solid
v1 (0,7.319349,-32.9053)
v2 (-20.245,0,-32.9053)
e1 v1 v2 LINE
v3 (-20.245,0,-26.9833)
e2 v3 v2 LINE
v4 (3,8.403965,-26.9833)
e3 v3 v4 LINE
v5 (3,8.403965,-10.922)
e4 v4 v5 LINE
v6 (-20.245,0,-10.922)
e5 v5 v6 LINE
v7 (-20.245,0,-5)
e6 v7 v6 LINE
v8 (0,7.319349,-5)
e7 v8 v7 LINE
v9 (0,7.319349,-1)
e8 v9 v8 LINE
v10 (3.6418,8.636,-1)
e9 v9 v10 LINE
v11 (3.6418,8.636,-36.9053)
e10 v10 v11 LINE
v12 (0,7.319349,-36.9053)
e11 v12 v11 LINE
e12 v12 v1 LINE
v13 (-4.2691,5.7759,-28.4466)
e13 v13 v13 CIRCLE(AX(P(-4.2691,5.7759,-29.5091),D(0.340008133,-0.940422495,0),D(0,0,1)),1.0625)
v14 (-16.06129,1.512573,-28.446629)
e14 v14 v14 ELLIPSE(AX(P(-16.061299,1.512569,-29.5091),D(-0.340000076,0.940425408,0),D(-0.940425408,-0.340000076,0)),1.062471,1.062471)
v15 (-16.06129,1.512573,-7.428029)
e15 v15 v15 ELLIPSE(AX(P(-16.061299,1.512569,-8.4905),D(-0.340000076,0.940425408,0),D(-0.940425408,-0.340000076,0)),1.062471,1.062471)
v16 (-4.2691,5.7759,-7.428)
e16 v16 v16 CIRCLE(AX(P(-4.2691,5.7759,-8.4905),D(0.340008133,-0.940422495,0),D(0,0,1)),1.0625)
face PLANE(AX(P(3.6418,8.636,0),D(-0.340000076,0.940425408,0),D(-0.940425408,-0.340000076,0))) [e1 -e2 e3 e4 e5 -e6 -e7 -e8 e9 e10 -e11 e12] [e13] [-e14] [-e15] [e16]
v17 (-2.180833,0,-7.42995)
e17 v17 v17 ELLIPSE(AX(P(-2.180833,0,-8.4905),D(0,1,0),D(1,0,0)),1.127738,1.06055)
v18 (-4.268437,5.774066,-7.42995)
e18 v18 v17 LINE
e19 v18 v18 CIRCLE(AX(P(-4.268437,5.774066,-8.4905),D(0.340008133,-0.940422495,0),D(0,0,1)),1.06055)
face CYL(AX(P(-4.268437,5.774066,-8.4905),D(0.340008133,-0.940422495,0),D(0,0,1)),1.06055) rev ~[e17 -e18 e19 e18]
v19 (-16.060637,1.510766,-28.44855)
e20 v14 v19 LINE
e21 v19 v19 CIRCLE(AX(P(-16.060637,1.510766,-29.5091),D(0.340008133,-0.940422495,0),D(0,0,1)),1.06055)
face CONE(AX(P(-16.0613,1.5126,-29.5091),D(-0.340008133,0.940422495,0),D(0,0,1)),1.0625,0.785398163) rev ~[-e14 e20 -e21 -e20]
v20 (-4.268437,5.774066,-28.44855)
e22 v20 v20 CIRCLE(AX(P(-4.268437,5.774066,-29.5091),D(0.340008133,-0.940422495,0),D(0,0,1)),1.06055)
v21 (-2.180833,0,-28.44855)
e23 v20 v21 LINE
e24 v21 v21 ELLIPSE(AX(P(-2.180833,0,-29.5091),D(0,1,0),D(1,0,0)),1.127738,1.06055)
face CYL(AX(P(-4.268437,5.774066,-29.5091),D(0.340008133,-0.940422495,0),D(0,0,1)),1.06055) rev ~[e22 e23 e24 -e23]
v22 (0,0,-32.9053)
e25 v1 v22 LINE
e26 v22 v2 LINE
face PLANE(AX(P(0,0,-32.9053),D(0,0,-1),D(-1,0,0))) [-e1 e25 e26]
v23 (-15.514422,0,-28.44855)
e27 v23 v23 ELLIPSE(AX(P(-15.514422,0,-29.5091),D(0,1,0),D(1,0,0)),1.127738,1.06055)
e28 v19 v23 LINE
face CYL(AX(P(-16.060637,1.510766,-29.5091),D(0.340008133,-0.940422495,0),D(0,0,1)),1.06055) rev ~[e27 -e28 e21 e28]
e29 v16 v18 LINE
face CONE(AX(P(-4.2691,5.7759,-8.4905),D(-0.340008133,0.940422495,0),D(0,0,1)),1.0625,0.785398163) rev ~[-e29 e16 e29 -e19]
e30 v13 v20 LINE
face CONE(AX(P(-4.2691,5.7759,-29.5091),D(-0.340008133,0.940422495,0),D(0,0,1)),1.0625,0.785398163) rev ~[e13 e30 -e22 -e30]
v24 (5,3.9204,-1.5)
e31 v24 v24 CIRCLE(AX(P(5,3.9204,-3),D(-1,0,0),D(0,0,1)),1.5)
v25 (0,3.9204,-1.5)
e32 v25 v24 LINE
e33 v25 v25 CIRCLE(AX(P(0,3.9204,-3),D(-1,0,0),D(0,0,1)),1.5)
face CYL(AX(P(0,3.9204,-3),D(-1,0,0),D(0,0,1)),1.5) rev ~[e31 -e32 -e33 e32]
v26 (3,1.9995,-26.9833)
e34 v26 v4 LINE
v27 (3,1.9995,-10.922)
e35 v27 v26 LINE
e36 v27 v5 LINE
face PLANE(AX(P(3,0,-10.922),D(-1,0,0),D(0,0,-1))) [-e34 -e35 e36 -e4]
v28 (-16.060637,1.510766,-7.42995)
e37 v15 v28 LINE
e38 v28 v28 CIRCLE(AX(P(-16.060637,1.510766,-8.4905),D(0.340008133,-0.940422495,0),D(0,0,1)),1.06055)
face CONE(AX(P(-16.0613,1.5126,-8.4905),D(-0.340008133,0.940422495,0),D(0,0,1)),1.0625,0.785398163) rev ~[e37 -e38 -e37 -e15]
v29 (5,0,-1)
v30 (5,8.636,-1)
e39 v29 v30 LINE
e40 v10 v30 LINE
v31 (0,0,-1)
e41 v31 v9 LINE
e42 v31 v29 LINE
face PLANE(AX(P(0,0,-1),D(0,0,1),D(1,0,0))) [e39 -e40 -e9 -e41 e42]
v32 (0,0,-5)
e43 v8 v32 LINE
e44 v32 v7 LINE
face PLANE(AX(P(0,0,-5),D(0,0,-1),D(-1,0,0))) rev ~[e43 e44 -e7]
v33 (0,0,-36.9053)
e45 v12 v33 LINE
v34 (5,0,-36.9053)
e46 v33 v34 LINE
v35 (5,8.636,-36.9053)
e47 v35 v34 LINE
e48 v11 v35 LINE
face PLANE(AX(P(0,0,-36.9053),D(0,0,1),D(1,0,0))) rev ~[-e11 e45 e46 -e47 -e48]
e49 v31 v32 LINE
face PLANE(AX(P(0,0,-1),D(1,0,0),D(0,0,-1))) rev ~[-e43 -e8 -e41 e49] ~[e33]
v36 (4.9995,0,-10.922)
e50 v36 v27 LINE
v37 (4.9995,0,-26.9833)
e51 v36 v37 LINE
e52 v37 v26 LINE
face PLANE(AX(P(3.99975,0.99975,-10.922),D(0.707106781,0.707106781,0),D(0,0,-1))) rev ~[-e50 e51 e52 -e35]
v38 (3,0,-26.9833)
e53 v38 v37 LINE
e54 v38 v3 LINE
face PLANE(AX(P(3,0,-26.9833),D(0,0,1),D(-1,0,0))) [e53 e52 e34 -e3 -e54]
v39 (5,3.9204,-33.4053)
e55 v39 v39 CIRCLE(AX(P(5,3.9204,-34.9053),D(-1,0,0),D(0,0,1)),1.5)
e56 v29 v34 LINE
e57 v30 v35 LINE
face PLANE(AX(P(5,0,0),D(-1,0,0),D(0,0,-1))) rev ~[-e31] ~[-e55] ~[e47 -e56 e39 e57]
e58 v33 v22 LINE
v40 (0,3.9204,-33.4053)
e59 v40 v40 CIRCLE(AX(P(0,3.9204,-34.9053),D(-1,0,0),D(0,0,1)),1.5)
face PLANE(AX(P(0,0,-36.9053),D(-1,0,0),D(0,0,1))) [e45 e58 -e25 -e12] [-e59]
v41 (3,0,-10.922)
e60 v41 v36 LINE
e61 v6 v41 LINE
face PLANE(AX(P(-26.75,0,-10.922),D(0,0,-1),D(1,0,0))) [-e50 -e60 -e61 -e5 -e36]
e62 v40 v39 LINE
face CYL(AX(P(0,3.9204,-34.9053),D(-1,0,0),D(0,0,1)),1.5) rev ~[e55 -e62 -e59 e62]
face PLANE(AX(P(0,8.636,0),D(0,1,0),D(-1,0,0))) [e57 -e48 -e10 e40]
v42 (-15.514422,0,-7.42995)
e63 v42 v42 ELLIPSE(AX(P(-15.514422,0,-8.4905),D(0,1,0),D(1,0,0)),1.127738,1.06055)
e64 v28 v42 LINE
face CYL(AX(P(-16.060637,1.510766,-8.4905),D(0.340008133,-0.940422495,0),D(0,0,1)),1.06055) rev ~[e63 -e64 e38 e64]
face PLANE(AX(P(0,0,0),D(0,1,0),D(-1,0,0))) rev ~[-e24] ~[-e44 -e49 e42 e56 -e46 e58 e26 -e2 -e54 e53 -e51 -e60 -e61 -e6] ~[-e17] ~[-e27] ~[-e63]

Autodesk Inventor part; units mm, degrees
ref_plane "YZ Plane" through (0, 0, 0) normal (1, 0, 0) x (0, 1, 0)
ref_plane "XZ Plane" through (0, 0, 0) normal (0, 1, 0) x (-1, 0, 0)
sketch "Sketch2" plane through (0, 0, 0) normal (0, 1, 0) x (-1, 0, 0)
  line L0 (0, 0) -> (23.273, 0)
  line L1 (23.273, 0) -> (23.273, -37.9053)
  line L2 (23.273, -37.9053) -> (0, -37.9053)
  line L3 (0, -37.9053) -> (0, 0)
  line L4 (26.75, 0) -> (-5, 0)
  line L5 (-5, 0) -> (-5, -37.9053)
  line L6 (-5, -37.9053) -> (26.75, -37.9053)
  line L7 (26.75, -37.9053) -> (26.75, 0)
  point P0 (0, -37.9053)
  dimension "d21" = 37.9053
  dimension "d22" = 23.273
  dimension "d36" = 5
  dimension "d37" = 31.75
extrude "Extrusion1" add sketch "Sketch2" along normal blind 8.636
sketch "Sketch6" plane through (-26.75, 0, 0) normal (0, 0, 1) x (1, 0, 0)
  line L0 (31.75, 0) -> (31.75, 8.636) projected
  line L1 (31.75, 0) -> (31.75, 8.636)
  line L2 (31.75, 0) -> (0, 0) projected
  line L3 (30.3918, 0) -> (30.3918, 8.636)
  line L4 (31.75, 8.636) -> (0, 8.636) projected
  line L5 (30.3918, 8.636) -> (55.3918, 8.636) construction
  line L6 (0, 0) -> (0, 8.636) projected
  line L7 (0, 0) -> (0, 0.5)
  line L8 (30.3918, 8.636) -> (6.505, 0)
  point P0 (26.75, 0)
  dimension "d38" = 1.3582
  dimension "d41" = 0.5
  dimension "d96" = 25.4
  dimension "d97" = 70.123
extrude "Extrusion2" cut sketch "Sketch6" against normal up to surface (37.9053 mm away) contours L8 L2 L6 L4
sketch "Sketch8" plane through (0, 0, 0) normal (0, -1, 0) x (1, 0, 0)
  line L0 (-26.75, -37.9053) -> (-26.75, 0) projected
  line L1 (-26.75, -10.922) -> (3, -10.922)
  line L2 (3, -10.922) -> (3, -26.9833)
  line L3 (3, -26.9833) -> (-26.75, -26.9833)
  line L4 (-26.75, -26.9833) -> (-26.75, -10.922)
  line L5 (-26.75, 0) -> (5, 0) projected
  line L6 (5, -37.9053) -> (-26.75, -37.9053) projected
  line L7 (5, 0) -> (5, -37.9053) projected
  point P0 (0, 0)
  point P1 (-26.75, -26.9833)
  dimension "d44" = 10.922
  dimension "d45" = 10.922
  dimension "d46" = 2
extrude "Extrusion3" cut sketch "Sketch8" against normal blind 25.4 contours L0 L1 L2 L3
ref_plane "Work Plane1" through (4.3209, 8.636, 0) normal (0, 1, 0) x (1, 0, 0)
sketch "Sketch12" plane through (0, 0, 0) normal (0, -1, 0) x (1, 0, 0)
  line L0 (3.6418, 0) -> (-26.75, 0) projected
  line L1 (-26.75, 0) -> (0, 0)
  line L2 (0, 0) -> (0, -5)
  line L3 (0, -5) -> (-26.75, -5)
  line L4 (-26.75, -5) -> (-26.75, 0)
  line L5 (-26.75, -37.9053) -> (0, -37.9053)
  line L6 (0, -37.9053) -> (0, -32.9053)
  line L7 (0, -32.9053) -> (-26.75, -32.9053)
  line L8 (-26.75, -32.9053) -> (-26.75, -37.9053)
  line L9 (5, 0) -> (0, 0)
  line L10 (0, 0) -> (0, -1)
  line L11 (0, -1) -> (5, -1)
  line L12 (5, -1) -> (5, 0)
  line L13 (5, 0) -> (5, -37.9053) projected
  line L14 (5, -37.9053) -> (0, -37.9053)
  line L15 (0, -37.9053) -> (0, -36.9053)
  line L16 (0, -36.9053) -> (5, -36.9053)
  line L17 (5, -36.9053) -> (5, -37.9053)
  line L18 (5, -37.9053) -> (-26.75, -37.9053) projected
  point P0 (0, -37.9053)
  dimension "d69" = 5
  dimension "d70" = 5
  dimension "d73" = 1
  dimension "d74" = 1
  dimension "d75" = 0
extrude "Extrusion6" cut sketch "Sketch12" along normal through all both and the other way through all
sketch "Sketch13" plane through (0, 0, -36.9053) normal (-1, 0, 0) x (0, 0, 1)
  circle A0 centre (2, 3.9204) radius 1.5
  circle A1 centre (33.9053, 3.9204) radius 1.5
  line L0 (35.9053, 0) -> (31.9053, 0) projected
  line L1 (31.9053, 7.8408) -> (35.9053, 7.8408) projected
  line L2 (35.9053, 7.3193) -> (35.9053, 0) projected
  line L3 (31.9053, 2) -> (31.9053, 7.8408) projected
  line L4 (0, 0) -> (0, 7.3193) projected
  line L5 (0, 7.8408) -> (4, 7.8408) projected
  line L6 (4, 0) -> (0, 0) projected
  point P0 (36.9053, 0)
  point P1 (35.9053, 8.636)
  point P2 (0, 8.636)
  dimension "d80" = 3
  dimension "d81" = 3
  dimension "d82" = 7.8408
  dimension "d83" = 3.9204
  dimension "d84" = 4
  dimension "d85" = 2
  dimension "d86" = 2
  dimension "d87" = 3.9204
  dimension "d88" = 31.9053
  dimension "d148" = 3.9204
extrude "Extrusion7" cut sketch "Sketch13" against normal blind 25.4
sketch "Sketch15" plane through (3, 8.404, -10.922) normal (-0.34, 0.9404, 0) x (0.9404, 0.34, 0)
  circle A0 centre (-20.2688, -2.4315) radius 1.1146
  circle A1 centre (-7.7296, 18.5871) radius 1.229
  line L0 (-20.2688, -2.4315) -> (-20.2688, 18.5871)
  line L1 (-20.2688, 18.5871) -> (-7.7296, 18.5871)
  line L2 (-7.7296, 18.5871) -> (-7.7296, -2.4315)
  line L3 (-7.7296, -2.4315) -> (-20.2688, -2.4315)
  line L4 (-12.8017, 2.62) -> (-12.8017, 13.4413)
  line L5 (-12.8017, 13.4413) -> (-2.355, 13.4413)
  line L6 (-2.355, 13.4413) -> (-2.355, 2.62)
  line L7 (-2.355, 2.62) -> (-12.8017, 2.62)
  line L8 (-22.0403, -4.4694) -> (-22.0403, 20.5306)
  line L9 (-22.0403, 20.5306) -> (1.9597, 20.5306)
  line L10 (1.9597, 20.5306) -> (1.9597, -4.4694)
  line L11 (1.9597, -4.4694) -> (-22.0403, -4.4694)
  line L12 (-3.19, 21.9833) -> (-24.7175, 21.9833) projected
  line L13 (-24.7175, -5.922) -> (-3.19, -5.922) projected
  circle A2 centre (-20.2688, 18.5871) radius 1.1245
  line L14 (0, 16.0613) -> (0, 0) projected
  line L15 (1.9597, -9.922) -> (1.9597, 25.9833) projected
  circle A3 centre (-7.7296, -2.4315) radius 1.1245
  point P0 (-5.6786, -10.922)
  dimension "d107" = 21.0186
  dimension "d108" = 12.5392
  dimension "d110" = 25
  dimension "d111" = 24
  dimension "d112" = 4.3148
  dimension "d113" = 9.2386
  dimension "d114" = 7.0893
  dimension "d115" = 7.0893
  dimension "d117" = 1.9436
  dimension "d118" = 2.0378
  dimension "d119" = 1.7714
  dimension "d120" = 9.6893
  dimension "d122" = 1.4526
  dimension "d123" = 1.4526
  dimension "d124" = 2.249
  dimension "d133" = 0
  dimension "d134" = 2.249
hole "Hole3" at (-16.0613, 1.5126, -8.4905) at (-4.2691, 5.7759, -8.4905) at (-4.2691, 5.7759, -29.5091) at (-16.0613, 1.5126, -29.5091) direction (0.34, -0.9404, 0) diameter 2.1211 depth 7.1 tip angle 118 countersink diameter 2.125 countersink angle 90 thread size "M2.5x0.35" class "6H" standard "ANSI Metric M Profile"
chamfer "Chamfer3" distance 2 distance2 2 1 edges at (3, 0, -18.9526) measured on face at (4.3333, 0, -21.6295)
equation "\"d83\" = 0.5 * d82"
equation "\"d85\" = 0.5 * d84"
equation "\"d86\" = d85"
equation "\"d87\" = d83"
equation "\"d115\" = d114"
equation "\"d122\" = d123"
properties part number "Camera Angle"
